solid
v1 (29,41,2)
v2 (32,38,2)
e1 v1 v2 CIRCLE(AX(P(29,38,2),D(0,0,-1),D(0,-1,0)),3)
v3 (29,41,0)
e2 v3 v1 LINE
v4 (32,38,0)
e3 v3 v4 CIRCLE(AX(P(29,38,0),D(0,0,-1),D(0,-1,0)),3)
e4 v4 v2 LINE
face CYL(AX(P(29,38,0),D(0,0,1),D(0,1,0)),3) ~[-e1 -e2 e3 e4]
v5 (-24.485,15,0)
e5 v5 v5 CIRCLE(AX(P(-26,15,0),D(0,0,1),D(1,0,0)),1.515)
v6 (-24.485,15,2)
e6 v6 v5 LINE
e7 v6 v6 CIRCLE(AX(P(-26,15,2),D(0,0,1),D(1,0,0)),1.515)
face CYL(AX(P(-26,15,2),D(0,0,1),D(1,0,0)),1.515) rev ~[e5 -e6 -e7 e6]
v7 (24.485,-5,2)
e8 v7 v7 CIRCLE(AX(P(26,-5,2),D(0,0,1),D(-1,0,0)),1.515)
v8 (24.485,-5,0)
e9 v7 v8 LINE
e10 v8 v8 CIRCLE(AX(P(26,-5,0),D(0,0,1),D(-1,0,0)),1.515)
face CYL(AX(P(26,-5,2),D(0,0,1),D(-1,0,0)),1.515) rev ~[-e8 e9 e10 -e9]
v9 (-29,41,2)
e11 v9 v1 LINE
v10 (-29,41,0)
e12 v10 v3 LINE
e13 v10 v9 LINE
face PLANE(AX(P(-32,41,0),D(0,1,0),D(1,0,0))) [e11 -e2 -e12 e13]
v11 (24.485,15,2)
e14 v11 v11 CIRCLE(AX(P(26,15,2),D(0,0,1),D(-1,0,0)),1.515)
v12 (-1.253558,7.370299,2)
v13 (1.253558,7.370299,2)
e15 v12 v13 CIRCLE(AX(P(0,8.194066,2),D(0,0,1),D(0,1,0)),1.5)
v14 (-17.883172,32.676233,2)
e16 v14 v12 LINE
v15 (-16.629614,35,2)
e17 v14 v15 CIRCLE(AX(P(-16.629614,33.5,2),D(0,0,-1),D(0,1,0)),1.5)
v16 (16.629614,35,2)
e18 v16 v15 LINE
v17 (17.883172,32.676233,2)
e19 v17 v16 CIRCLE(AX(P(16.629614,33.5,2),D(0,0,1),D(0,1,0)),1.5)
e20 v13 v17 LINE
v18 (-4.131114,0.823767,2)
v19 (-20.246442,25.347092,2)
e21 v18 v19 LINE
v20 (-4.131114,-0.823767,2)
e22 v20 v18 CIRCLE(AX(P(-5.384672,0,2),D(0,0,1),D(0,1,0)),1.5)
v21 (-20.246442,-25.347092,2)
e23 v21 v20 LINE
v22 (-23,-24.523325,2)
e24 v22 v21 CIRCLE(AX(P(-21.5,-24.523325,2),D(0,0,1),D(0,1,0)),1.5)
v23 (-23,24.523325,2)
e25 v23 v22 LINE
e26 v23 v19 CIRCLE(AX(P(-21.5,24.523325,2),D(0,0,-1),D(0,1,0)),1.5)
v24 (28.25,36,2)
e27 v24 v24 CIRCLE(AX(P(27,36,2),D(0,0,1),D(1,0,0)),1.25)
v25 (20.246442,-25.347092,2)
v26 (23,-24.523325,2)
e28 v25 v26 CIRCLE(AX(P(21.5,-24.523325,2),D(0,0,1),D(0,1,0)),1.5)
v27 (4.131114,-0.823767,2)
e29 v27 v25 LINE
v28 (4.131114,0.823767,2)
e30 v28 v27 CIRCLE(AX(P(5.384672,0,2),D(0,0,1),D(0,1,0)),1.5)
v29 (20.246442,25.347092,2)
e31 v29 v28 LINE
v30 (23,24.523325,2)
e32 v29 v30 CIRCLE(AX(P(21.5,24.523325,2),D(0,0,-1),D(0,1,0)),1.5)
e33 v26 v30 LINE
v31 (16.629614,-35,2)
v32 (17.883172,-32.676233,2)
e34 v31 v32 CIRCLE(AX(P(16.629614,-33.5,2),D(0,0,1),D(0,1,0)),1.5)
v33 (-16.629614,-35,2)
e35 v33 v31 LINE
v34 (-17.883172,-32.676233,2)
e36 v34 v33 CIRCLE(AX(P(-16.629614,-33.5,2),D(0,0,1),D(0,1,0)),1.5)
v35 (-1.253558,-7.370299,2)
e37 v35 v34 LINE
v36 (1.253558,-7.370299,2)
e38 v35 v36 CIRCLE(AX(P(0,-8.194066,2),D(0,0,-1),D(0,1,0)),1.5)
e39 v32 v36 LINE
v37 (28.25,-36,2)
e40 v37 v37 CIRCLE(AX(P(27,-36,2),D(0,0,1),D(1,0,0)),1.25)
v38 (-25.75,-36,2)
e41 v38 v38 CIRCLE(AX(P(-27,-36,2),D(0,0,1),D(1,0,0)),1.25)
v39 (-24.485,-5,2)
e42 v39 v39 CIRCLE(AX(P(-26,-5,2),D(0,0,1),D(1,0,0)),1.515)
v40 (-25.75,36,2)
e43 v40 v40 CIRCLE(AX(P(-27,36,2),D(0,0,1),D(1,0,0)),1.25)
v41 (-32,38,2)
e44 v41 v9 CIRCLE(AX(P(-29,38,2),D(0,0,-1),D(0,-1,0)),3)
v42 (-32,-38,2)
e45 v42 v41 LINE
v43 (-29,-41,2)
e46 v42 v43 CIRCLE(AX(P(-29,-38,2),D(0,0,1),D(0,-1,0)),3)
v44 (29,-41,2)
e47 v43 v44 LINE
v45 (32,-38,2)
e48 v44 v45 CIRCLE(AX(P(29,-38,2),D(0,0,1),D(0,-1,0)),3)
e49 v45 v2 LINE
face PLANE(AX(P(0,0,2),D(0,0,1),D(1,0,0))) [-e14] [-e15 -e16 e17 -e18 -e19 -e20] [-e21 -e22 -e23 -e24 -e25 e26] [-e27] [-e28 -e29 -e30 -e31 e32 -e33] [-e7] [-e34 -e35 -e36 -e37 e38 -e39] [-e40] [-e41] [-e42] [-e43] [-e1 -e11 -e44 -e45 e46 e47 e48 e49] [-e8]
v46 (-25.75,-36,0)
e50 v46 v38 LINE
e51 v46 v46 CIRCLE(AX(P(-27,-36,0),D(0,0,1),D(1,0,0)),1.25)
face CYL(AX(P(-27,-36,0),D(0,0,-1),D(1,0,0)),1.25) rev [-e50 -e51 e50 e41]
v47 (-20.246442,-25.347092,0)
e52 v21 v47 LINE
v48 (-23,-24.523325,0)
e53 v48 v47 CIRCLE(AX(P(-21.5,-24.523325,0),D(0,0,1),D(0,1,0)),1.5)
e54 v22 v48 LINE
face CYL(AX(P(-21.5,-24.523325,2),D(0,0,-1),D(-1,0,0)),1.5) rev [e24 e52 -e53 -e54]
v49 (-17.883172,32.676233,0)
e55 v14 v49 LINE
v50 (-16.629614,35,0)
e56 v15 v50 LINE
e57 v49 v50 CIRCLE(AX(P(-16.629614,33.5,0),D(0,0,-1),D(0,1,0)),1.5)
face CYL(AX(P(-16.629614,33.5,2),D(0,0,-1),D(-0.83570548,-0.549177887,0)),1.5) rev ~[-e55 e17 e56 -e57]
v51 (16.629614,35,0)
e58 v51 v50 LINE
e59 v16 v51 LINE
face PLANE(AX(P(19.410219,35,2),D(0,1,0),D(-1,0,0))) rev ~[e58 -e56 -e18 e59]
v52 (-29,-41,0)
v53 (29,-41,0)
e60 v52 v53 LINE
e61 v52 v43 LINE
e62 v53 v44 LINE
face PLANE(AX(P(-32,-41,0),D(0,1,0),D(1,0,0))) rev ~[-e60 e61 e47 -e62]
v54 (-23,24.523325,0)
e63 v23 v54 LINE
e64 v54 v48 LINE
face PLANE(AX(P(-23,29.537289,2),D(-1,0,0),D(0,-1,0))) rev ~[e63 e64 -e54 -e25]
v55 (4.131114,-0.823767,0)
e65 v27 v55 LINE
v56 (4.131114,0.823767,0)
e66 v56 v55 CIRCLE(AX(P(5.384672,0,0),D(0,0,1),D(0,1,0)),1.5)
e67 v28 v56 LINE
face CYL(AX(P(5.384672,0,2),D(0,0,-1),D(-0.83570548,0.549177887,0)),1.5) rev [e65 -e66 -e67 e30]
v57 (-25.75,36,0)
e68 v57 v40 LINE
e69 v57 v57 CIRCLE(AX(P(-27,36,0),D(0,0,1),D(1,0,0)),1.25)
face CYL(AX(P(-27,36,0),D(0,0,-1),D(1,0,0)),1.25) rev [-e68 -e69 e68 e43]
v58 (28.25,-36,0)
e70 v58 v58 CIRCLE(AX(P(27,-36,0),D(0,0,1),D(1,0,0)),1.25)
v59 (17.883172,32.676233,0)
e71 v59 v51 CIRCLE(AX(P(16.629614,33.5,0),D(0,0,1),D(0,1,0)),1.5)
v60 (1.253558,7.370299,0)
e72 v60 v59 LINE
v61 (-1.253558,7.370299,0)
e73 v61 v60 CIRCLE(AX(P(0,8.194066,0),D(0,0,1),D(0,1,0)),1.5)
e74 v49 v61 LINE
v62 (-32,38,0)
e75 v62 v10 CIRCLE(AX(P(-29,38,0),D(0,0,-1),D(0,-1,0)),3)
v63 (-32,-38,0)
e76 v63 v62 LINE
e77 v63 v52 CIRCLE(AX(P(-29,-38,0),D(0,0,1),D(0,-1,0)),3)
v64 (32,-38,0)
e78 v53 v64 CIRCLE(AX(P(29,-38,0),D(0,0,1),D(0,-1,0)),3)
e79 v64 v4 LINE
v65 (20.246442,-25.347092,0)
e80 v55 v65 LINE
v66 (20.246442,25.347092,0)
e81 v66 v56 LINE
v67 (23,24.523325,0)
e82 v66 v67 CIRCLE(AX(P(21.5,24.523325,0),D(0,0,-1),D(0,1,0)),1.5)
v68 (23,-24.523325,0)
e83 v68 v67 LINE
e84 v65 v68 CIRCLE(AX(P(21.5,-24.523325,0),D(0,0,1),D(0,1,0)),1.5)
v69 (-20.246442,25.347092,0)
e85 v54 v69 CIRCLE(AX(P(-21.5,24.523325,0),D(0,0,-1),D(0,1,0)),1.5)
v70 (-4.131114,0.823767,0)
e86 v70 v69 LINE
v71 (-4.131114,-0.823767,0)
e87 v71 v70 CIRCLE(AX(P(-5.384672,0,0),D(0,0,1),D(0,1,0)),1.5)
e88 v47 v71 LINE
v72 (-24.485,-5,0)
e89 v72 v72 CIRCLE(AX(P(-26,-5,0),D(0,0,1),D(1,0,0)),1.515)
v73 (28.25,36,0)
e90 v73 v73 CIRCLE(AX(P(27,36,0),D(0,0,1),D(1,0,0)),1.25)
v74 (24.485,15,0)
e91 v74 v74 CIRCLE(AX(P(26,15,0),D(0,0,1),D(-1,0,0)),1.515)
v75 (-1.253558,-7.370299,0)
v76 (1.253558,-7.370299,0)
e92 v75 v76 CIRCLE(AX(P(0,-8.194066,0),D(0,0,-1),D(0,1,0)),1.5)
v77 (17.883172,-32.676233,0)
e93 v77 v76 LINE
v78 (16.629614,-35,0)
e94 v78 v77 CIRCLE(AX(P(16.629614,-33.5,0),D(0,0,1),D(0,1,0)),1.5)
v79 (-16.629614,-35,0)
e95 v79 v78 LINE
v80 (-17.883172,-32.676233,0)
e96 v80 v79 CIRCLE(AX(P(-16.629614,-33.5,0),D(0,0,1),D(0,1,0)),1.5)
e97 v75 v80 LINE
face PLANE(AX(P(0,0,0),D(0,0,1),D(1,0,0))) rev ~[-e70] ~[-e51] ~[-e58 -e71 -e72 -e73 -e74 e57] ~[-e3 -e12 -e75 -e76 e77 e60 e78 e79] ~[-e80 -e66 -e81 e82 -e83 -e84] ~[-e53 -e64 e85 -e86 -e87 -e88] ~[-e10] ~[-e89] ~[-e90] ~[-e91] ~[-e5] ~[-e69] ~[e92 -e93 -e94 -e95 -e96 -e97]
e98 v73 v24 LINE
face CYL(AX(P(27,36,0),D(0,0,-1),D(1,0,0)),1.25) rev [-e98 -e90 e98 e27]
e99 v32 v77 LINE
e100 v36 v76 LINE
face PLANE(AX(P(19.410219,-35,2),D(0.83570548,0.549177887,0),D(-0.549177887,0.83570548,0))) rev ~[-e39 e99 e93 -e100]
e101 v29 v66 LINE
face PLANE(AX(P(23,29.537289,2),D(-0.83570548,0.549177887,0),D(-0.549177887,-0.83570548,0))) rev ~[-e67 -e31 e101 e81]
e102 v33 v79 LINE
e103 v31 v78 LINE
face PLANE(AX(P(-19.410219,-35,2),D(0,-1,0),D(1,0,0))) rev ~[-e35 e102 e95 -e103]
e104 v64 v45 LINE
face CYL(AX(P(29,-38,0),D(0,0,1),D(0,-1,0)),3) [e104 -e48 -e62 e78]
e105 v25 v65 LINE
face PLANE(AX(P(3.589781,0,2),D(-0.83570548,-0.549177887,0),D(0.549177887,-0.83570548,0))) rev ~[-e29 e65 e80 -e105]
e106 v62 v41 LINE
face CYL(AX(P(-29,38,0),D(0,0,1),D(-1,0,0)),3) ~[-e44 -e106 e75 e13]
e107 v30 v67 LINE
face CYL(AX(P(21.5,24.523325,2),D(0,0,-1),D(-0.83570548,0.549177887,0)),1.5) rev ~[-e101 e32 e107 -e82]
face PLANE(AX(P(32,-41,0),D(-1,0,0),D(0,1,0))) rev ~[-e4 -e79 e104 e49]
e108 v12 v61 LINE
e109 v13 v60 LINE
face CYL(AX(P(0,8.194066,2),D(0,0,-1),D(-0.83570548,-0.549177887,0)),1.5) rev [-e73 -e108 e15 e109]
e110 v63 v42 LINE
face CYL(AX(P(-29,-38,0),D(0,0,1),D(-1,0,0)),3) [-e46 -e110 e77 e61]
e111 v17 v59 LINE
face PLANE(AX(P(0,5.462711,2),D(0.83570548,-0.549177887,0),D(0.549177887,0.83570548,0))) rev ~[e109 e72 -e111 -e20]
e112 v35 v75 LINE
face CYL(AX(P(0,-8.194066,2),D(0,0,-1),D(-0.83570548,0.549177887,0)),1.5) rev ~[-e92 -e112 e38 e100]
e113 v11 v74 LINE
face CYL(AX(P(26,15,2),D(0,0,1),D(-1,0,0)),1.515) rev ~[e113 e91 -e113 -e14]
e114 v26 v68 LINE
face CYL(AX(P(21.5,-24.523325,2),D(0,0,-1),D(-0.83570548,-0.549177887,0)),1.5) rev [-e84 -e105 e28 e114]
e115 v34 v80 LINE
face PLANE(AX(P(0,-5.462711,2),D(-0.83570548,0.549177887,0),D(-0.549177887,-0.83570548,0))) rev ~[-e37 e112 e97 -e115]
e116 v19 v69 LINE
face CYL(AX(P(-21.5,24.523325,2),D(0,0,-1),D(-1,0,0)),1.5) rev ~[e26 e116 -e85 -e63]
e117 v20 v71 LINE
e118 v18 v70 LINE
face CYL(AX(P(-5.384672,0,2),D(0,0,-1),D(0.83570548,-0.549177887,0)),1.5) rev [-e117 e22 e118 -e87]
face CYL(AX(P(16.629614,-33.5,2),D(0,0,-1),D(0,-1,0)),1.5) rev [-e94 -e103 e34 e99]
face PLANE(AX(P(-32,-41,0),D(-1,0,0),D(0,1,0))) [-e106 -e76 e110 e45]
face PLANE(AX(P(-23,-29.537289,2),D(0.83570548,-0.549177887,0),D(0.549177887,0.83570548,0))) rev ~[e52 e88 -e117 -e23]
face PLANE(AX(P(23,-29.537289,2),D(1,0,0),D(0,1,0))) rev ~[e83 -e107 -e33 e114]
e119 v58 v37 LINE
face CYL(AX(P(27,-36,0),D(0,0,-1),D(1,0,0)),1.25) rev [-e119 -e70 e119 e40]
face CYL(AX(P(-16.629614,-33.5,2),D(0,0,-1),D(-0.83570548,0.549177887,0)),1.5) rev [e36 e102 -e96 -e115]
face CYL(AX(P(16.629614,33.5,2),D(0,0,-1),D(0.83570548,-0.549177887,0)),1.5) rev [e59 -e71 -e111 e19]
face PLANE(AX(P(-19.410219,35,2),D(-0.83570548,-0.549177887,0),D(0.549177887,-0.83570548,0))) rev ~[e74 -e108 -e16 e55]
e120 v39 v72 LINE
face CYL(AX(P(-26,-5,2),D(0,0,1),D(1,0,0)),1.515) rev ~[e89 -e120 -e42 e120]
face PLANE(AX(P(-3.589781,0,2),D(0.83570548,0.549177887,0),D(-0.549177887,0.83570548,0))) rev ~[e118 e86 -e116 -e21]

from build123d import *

# Parameters (mm, degrees)
SKETCH_1_W          = 64
SKETCH_1_H          = 82
SKETCH_1_R          = 1.25
EXTRUDE_1_DEPTH     = 2
FILLET_1_R          = 3
SKETCH_3_R          = 1.515
CUT_EXTRUDE_1_DEPTH = 10
CUT_EXTRUDE_2_DEPTH = 10
FILLET_2_R          = 1.5


with BuildPart() as part:
    # 草图1 → 凸台-拉伸1 (new body)
    with BuildSketch(Plane.XY):
        Rectangle(SKETCH_1_W, SKETCH_1_H)
        with Locations((-27, 36)):
            Circle(SKETCH_1_R, mode=Mode.SUBTRACT)
        with Locations((27, 36)):
            Circle(SKETCH_1_R, mode=Mode.SUBTRACT)
        with Locations((27, -36)):
            Circle(SKETCH_1_R, mode=Mode.SUBTRACT)
        with Locations((-27, -36)):
            Circle(SKETCH_1_R, mode=Mode.SUBTRACT)
    extrude(amount=EXTRUDE_1_DEPTH)

    # 圆角1
    fillet_1_edges = [part.edges().sort_by_distance(p)[0] for p in [
        (32, -41, 1),
        (-32, -41, 1),
        (-32, 41, 1),
        (32, 41, 1),
    ]]
    fillet(fillet_1_edges, radius=FILLET_1_R)

    # 草图3 → 切除-拉伸1 (cut)
    with BuildSketch(Plane.XY.offset(2)):
        with Locations((-26, 15)):
            Circle(SKETCH_3_R)
        with Locations((-26, -5)):
            Circle(SKETCH_3_R)
        with Locations(Location((26, -5, 0), (0, 0, 180))):
            Circle(SKETCH_3_R)
        with Locations(Location((26, 15, 0), (0, 0, 180))):
            Circle(SKETCH_3_R)
    extrude(amount=-CUT_EXTRUDE_1_DEPTH, mode=Mode.SUBTRACT)

    # 草图4 → 切除-拉伸2 (cut)
    with BuildSketch(Plane.XY.offset(2)):
        Polygon((-23, 29.53728915), (-23, -29.53728915), (-3.589781416, 0), align=None)
        Polygon((-19.410218584, 35), (0, 5.46271085), (19.410218584, 35), align=None)
        Polygon((23, 29.53728915), (3.589781416, 0), (23, -29.53728915), align=None)
        Polygon((0, -5.46271085), (-19.410218584, -35), (19.410218584, -35), align=None)
    extrude(amount=-CUT_EXTRUDE_2_DEPTH, mode=Mode.SUBTRACT)

    # 圆角2
    fillet_2_edges = [part.edges().sort_by_distance(p)[0] for p in [
        (0, -5.46271085, 1),
        (19.410218584, -35, 1),
        (-19.410218584, -35, 1),
        (-23, 29.53728915, 1),
        (-3.589781416, 0, 1),
        (-23, -29.53728915, 1),
        (3.589781416, 0, 1),
        (23, 29.53728915, 1),
        (23, -29.53728915, 1),
        (-19.410218584, 35, 1),
        (19.410218584, 35, 1),
        (0, 5.46271085, 1),
    ]]
    fillet(fillet_2_edges, radius=FILLET_2_R)


solid = part.part
